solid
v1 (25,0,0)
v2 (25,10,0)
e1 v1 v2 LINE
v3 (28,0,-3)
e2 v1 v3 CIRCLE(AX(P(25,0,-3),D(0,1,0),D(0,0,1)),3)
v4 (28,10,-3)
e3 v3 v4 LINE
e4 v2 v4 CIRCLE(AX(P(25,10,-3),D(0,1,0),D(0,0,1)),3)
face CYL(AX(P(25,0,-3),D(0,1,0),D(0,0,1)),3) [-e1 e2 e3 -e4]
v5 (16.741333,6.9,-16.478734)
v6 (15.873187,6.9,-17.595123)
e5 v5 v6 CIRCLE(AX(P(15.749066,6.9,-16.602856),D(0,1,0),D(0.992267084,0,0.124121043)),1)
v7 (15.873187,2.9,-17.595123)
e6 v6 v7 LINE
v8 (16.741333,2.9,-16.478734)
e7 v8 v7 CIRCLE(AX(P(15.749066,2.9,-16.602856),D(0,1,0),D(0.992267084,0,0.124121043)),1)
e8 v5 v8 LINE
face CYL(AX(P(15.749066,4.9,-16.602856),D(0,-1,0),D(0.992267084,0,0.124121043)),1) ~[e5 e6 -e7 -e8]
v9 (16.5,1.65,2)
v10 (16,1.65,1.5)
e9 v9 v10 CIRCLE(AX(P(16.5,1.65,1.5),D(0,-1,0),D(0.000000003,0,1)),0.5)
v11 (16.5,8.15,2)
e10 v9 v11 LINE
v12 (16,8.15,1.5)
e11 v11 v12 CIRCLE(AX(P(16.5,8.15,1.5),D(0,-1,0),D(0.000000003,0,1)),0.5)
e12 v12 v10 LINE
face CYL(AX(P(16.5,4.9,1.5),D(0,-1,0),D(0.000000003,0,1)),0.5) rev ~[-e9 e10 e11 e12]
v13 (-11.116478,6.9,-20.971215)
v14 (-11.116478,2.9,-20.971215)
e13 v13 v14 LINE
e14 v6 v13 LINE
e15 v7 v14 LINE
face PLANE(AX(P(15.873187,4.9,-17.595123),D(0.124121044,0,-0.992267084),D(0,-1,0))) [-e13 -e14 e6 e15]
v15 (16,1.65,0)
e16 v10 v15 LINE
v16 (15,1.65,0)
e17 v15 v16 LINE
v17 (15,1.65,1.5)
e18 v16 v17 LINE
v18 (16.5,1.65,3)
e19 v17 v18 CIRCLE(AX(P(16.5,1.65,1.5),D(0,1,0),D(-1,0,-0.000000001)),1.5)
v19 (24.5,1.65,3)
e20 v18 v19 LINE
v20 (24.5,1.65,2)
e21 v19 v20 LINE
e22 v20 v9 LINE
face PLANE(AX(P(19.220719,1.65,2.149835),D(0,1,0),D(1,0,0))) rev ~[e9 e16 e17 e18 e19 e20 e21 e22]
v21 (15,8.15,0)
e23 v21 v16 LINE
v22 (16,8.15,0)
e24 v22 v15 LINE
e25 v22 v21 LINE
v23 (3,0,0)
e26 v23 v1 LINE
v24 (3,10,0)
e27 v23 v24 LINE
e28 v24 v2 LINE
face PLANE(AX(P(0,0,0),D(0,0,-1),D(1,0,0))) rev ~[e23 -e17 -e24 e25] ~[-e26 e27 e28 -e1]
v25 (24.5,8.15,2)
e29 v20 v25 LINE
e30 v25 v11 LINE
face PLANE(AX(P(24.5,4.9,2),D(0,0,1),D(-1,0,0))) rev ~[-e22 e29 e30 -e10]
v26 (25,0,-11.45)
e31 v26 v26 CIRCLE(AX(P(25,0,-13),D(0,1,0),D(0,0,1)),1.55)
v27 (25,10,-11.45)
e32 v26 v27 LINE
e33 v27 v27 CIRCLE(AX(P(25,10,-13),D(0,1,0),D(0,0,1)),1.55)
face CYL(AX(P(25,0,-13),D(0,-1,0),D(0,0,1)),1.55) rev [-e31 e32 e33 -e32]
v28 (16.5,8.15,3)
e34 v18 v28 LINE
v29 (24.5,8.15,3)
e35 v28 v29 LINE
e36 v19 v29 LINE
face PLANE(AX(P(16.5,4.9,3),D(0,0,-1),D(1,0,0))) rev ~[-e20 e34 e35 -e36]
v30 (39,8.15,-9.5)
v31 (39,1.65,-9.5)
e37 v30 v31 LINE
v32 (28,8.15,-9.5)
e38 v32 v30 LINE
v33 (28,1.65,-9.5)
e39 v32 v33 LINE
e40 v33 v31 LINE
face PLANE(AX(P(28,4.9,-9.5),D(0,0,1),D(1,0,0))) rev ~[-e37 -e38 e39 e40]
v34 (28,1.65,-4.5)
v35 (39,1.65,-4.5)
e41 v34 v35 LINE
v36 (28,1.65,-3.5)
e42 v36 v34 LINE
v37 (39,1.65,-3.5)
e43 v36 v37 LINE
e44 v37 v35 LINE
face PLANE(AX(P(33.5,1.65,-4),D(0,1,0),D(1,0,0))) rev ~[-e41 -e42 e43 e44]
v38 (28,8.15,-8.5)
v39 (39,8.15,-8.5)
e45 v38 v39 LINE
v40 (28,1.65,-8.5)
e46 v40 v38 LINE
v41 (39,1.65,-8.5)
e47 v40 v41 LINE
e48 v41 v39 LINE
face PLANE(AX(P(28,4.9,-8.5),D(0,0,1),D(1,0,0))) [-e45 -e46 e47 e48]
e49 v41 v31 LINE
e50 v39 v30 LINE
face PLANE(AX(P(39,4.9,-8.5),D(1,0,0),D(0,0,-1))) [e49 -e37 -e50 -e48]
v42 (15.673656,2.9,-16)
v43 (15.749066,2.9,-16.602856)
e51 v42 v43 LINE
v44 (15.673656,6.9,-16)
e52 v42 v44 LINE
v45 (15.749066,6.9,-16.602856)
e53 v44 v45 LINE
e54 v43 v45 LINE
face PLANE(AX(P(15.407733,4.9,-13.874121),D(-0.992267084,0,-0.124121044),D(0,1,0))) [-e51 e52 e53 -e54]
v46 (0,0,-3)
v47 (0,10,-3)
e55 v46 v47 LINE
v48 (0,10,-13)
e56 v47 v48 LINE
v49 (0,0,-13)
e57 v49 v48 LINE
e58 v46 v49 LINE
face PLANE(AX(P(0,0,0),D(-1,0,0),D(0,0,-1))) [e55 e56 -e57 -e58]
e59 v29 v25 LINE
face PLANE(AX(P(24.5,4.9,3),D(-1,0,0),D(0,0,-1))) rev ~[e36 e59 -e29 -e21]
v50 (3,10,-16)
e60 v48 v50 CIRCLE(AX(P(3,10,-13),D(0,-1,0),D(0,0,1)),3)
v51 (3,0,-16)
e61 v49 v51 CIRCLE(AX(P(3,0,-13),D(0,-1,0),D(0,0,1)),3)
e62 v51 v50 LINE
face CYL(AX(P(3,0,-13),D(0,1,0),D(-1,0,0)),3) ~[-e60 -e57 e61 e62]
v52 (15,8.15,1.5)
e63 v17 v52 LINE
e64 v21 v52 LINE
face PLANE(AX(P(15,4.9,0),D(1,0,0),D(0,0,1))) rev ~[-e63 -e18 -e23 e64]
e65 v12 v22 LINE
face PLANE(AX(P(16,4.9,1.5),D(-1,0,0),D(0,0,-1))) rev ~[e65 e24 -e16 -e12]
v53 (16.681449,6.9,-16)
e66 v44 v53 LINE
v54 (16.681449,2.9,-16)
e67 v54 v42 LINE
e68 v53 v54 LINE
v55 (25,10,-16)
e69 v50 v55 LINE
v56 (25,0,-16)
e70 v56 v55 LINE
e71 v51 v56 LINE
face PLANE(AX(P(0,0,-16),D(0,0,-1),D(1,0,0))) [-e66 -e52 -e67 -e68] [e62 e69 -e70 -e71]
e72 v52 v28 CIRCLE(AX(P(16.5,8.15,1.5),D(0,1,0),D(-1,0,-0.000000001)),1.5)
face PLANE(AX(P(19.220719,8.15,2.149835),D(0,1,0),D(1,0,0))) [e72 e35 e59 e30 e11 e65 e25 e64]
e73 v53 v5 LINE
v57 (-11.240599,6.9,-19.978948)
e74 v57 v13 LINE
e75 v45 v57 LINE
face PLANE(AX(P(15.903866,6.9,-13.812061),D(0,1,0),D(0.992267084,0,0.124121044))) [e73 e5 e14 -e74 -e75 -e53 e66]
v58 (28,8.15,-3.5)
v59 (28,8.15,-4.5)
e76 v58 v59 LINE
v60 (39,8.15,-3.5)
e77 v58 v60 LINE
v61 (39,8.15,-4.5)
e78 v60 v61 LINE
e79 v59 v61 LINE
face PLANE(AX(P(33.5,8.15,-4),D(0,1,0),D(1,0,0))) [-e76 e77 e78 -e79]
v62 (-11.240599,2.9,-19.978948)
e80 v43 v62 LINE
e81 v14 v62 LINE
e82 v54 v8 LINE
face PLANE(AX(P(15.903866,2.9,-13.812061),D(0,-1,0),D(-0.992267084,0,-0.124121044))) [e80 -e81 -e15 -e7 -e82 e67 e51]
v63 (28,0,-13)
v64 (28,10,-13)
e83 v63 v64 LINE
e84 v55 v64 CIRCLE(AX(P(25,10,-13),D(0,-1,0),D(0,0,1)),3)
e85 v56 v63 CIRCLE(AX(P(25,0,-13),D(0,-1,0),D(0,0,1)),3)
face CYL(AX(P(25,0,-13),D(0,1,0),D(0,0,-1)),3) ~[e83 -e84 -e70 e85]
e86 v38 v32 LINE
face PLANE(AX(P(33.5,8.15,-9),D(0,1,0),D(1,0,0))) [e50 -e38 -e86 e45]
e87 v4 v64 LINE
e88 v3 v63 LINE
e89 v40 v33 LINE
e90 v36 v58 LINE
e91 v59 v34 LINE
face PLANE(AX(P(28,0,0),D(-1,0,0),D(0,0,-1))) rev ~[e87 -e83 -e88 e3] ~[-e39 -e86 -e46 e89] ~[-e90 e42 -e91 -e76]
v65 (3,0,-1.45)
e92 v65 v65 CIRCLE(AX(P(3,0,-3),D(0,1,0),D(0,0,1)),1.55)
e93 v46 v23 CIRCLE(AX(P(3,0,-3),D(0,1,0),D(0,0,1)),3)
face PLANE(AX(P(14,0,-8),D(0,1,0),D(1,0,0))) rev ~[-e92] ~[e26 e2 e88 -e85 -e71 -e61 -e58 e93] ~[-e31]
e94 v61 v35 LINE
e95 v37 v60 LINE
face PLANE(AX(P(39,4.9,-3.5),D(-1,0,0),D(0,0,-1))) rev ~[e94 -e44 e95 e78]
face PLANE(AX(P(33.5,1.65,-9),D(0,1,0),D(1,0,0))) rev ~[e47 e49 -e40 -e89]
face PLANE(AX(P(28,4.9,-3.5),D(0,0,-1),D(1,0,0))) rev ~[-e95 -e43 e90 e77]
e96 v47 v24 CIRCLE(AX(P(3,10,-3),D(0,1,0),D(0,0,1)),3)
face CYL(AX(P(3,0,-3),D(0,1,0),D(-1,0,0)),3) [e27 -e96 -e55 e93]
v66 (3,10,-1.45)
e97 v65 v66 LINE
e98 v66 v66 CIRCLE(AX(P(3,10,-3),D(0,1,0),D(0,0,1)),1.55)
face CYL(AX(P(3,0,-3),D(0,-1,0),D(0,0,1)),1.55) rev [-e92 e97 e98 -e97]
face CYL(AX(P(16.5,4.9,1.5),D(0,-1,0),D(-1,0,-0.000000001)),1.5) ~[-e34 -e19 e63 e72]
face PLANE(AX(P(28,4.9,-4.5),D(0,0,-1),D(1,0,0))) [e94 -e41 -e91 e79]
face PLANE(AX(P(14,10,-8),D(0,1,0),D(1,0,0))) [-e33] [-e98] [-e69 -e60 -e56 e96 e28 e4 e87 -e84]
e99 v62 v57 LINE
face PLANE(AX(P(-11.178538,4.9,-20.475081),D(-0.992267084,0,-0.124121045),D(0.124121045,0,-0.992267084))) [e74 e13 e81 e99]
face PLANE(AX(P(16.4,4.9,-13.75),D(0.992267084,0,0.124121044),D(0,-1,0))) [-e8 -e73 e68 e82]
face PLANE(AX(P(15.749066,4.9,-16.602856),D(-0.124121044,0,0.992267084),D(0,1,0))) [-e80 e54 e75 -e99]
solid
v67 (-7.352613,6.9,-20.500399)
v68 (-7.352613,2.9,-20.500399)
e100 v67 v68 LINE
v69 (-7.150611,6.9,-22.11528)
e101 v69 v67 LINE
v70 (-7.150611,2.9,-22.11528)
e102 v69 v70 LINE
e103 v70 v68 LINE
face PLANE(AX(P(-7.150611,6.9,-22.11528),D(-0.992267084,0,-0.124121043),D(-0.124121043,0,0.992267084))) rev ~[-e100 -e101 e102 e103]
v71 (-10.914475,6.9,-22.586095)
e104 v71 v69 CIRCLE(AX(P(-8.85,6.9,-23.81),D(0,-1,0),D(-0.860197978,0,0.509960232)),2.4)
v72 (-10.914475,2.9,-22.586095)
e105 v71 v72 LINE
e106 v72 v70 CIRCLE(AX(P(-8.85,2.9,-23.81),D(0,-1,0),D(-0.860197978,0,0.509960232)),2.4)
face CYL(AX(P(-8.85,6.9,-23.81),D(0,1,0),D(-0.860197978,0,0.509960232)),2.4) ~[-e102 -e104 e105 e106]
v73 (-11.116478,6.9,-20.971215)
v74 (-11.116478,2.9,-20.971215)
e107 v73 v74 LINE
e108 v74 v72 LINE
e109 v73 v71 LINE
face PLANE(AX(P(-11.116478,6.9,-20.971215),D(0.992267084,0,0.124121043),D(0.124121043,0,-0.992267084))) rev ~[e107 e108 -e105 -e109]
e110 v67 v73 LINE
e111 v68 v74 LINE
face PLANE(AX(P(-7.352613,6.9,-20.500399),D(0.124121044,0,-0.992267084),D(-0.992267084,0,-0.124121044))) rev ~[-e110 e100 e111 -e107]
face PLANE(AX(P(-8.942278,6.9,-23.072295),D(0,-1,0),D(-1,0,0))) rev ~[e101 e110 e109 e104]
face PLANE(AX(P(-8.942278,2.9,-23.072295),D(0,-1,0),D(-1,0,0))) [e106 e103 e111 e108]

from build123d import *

# Parameters (mm, degrees)
SKETCH_1_W        = 28
SKETCH_1_H        = 16
SKETCH_1_R        = 1.55
EXTRUDE_1_DEPTH   = 10
FILLET_1_R        = 3
SKETCH_3_W        = 1
SKETCH_3_H        = 4
EXTRUDE_2_DEPTH   = 4
SKETCH_5_W        = 11
SKETCH_5_H        = 1
EXTRUDE_1_2_DEPTH = 3.25


with BuildPart() as part:
    # 草图1 → Extrude 1 (new body)
    with BuildSketch(Plane(origin=(0, 0, 0), x_dir=(1, 0, 0), z_dir=(0, 1, 0))):
        with Locations((14, 8)):
            Rectangle(SKETCH_1_W, SKETCH_1_H)
        with Locations(Location((25, 13, 0), (0, 0, 270))):
            Circle(SKETCH_1_R, mode=Mode.SUBTRACT)
        with Locations(Location((3, 3, 0), (0, 0, 270))):
            Circle(SKETCH_1_R, mode=Mode.SUBTRACT)
    extrude(amount=EXTRUDE_1_DEPTH)

    # 圆角1
    fillet_1_edges = [part.edges().sort_by_distance(p)[0] for p in [
        (0, 5, -16),
        (28, 5, -16),
        (28, 5, 0),
        (0, 5, 0),
    ]]
    fillet(fillet_1_edges, radius=FILLET_1_R)

    # 扫描1: sweep along a path in 草图2
    with BuildLine(Plane(origin=(0, 4.9, 0), x_dir=(1, 0, 0), z_dir=(0, 1, 0))) as sweep_1_path:
        Line((16.4, 13.75), (16.74133287, 16.478734482))
        ThreePointArc((16.74133287, 16.478734482), (16.538471401, 17.216727478), (15.873186829, 17.59512261))
        Line((15.873186829, 17.59512261), (-11.116477863, 20.971214994))
    # 草图3 → 扫描1 (sweep)
    with BuildSketch(Plane(origin=(-0.012274363, 0, -15.802984175), x_dir=(-0.9922670842798479, 0, -0.12412104356139277), z_dir=(0.12412104356139277, 0, -0.9922670842798479))):
        with Locations((-16.040178167, 4.9)):
            Rectangle(SKETCH_3_W, SKETCH_3_H)
    sweep(path=sweep_1_path.line)

    # 草图5 → Extrude 1 2 (add, symmetric)
    with BuildSketch(Plane(origin=(0, 4.9, 0), x_dir=(1, 0, 0), z_dir=(0, 1, 0))):
        with BuildLine():
            Line((15, 0), (15, -1.5))
            ThreePointArc((15, -1.5), (15.439339828, -2.560660172), (16.5, -3))
            Line((16.5, -3), (24.5, -3))
            Line((24.5, -3), (24.5, -2))
            Line((24.5, -2), (16.5, -2))
            ThreePointArc((16.5, -2), (16.146446609, -1.853553391), (16, -1.5))
            Line((16, -1.5), (16, 0))
            Line((16, 0), (15, 0))
        make_face()
        with Locations((33.5, 4)):
            Rectangle(SKETCH_5_W, SKETCH_5_H)
        with Locations((33.5, 9)):
            Rectangle(SKETCH_5_W, SKETCH_5_H)
    extrude(amount=EXTRUDE_1_2_DEPTH, both=True)


with BuildPart() as body_2:
    # 草图4 → 凸台-拉伸2 (new body)
    with BuildSketch(Plane(origin=(0, 6.9, 0), x_dir=(1, 0, 0), z_dir=(0, 1, 0))):
        with BuildLine():
            Line((-11.116477863, 20.971214994), (-10.914475147, 22.586095442))
            ThreePointArc((-10.914475147, 22.586095442), (-8.552109495, 26.191441002), (-7.150610771, 22.115279891))
            Line((-7.150610771, 22.115279891), (-7.352613487, 20.500399443))
            Line((-7.352613487, 20.500399443), (-11.116477863, 20.971214994))
        make_face()
    extrude(amount=-EXTRUDE_2_DEPTH)


solid = Compound([part.part, body_2.part])
